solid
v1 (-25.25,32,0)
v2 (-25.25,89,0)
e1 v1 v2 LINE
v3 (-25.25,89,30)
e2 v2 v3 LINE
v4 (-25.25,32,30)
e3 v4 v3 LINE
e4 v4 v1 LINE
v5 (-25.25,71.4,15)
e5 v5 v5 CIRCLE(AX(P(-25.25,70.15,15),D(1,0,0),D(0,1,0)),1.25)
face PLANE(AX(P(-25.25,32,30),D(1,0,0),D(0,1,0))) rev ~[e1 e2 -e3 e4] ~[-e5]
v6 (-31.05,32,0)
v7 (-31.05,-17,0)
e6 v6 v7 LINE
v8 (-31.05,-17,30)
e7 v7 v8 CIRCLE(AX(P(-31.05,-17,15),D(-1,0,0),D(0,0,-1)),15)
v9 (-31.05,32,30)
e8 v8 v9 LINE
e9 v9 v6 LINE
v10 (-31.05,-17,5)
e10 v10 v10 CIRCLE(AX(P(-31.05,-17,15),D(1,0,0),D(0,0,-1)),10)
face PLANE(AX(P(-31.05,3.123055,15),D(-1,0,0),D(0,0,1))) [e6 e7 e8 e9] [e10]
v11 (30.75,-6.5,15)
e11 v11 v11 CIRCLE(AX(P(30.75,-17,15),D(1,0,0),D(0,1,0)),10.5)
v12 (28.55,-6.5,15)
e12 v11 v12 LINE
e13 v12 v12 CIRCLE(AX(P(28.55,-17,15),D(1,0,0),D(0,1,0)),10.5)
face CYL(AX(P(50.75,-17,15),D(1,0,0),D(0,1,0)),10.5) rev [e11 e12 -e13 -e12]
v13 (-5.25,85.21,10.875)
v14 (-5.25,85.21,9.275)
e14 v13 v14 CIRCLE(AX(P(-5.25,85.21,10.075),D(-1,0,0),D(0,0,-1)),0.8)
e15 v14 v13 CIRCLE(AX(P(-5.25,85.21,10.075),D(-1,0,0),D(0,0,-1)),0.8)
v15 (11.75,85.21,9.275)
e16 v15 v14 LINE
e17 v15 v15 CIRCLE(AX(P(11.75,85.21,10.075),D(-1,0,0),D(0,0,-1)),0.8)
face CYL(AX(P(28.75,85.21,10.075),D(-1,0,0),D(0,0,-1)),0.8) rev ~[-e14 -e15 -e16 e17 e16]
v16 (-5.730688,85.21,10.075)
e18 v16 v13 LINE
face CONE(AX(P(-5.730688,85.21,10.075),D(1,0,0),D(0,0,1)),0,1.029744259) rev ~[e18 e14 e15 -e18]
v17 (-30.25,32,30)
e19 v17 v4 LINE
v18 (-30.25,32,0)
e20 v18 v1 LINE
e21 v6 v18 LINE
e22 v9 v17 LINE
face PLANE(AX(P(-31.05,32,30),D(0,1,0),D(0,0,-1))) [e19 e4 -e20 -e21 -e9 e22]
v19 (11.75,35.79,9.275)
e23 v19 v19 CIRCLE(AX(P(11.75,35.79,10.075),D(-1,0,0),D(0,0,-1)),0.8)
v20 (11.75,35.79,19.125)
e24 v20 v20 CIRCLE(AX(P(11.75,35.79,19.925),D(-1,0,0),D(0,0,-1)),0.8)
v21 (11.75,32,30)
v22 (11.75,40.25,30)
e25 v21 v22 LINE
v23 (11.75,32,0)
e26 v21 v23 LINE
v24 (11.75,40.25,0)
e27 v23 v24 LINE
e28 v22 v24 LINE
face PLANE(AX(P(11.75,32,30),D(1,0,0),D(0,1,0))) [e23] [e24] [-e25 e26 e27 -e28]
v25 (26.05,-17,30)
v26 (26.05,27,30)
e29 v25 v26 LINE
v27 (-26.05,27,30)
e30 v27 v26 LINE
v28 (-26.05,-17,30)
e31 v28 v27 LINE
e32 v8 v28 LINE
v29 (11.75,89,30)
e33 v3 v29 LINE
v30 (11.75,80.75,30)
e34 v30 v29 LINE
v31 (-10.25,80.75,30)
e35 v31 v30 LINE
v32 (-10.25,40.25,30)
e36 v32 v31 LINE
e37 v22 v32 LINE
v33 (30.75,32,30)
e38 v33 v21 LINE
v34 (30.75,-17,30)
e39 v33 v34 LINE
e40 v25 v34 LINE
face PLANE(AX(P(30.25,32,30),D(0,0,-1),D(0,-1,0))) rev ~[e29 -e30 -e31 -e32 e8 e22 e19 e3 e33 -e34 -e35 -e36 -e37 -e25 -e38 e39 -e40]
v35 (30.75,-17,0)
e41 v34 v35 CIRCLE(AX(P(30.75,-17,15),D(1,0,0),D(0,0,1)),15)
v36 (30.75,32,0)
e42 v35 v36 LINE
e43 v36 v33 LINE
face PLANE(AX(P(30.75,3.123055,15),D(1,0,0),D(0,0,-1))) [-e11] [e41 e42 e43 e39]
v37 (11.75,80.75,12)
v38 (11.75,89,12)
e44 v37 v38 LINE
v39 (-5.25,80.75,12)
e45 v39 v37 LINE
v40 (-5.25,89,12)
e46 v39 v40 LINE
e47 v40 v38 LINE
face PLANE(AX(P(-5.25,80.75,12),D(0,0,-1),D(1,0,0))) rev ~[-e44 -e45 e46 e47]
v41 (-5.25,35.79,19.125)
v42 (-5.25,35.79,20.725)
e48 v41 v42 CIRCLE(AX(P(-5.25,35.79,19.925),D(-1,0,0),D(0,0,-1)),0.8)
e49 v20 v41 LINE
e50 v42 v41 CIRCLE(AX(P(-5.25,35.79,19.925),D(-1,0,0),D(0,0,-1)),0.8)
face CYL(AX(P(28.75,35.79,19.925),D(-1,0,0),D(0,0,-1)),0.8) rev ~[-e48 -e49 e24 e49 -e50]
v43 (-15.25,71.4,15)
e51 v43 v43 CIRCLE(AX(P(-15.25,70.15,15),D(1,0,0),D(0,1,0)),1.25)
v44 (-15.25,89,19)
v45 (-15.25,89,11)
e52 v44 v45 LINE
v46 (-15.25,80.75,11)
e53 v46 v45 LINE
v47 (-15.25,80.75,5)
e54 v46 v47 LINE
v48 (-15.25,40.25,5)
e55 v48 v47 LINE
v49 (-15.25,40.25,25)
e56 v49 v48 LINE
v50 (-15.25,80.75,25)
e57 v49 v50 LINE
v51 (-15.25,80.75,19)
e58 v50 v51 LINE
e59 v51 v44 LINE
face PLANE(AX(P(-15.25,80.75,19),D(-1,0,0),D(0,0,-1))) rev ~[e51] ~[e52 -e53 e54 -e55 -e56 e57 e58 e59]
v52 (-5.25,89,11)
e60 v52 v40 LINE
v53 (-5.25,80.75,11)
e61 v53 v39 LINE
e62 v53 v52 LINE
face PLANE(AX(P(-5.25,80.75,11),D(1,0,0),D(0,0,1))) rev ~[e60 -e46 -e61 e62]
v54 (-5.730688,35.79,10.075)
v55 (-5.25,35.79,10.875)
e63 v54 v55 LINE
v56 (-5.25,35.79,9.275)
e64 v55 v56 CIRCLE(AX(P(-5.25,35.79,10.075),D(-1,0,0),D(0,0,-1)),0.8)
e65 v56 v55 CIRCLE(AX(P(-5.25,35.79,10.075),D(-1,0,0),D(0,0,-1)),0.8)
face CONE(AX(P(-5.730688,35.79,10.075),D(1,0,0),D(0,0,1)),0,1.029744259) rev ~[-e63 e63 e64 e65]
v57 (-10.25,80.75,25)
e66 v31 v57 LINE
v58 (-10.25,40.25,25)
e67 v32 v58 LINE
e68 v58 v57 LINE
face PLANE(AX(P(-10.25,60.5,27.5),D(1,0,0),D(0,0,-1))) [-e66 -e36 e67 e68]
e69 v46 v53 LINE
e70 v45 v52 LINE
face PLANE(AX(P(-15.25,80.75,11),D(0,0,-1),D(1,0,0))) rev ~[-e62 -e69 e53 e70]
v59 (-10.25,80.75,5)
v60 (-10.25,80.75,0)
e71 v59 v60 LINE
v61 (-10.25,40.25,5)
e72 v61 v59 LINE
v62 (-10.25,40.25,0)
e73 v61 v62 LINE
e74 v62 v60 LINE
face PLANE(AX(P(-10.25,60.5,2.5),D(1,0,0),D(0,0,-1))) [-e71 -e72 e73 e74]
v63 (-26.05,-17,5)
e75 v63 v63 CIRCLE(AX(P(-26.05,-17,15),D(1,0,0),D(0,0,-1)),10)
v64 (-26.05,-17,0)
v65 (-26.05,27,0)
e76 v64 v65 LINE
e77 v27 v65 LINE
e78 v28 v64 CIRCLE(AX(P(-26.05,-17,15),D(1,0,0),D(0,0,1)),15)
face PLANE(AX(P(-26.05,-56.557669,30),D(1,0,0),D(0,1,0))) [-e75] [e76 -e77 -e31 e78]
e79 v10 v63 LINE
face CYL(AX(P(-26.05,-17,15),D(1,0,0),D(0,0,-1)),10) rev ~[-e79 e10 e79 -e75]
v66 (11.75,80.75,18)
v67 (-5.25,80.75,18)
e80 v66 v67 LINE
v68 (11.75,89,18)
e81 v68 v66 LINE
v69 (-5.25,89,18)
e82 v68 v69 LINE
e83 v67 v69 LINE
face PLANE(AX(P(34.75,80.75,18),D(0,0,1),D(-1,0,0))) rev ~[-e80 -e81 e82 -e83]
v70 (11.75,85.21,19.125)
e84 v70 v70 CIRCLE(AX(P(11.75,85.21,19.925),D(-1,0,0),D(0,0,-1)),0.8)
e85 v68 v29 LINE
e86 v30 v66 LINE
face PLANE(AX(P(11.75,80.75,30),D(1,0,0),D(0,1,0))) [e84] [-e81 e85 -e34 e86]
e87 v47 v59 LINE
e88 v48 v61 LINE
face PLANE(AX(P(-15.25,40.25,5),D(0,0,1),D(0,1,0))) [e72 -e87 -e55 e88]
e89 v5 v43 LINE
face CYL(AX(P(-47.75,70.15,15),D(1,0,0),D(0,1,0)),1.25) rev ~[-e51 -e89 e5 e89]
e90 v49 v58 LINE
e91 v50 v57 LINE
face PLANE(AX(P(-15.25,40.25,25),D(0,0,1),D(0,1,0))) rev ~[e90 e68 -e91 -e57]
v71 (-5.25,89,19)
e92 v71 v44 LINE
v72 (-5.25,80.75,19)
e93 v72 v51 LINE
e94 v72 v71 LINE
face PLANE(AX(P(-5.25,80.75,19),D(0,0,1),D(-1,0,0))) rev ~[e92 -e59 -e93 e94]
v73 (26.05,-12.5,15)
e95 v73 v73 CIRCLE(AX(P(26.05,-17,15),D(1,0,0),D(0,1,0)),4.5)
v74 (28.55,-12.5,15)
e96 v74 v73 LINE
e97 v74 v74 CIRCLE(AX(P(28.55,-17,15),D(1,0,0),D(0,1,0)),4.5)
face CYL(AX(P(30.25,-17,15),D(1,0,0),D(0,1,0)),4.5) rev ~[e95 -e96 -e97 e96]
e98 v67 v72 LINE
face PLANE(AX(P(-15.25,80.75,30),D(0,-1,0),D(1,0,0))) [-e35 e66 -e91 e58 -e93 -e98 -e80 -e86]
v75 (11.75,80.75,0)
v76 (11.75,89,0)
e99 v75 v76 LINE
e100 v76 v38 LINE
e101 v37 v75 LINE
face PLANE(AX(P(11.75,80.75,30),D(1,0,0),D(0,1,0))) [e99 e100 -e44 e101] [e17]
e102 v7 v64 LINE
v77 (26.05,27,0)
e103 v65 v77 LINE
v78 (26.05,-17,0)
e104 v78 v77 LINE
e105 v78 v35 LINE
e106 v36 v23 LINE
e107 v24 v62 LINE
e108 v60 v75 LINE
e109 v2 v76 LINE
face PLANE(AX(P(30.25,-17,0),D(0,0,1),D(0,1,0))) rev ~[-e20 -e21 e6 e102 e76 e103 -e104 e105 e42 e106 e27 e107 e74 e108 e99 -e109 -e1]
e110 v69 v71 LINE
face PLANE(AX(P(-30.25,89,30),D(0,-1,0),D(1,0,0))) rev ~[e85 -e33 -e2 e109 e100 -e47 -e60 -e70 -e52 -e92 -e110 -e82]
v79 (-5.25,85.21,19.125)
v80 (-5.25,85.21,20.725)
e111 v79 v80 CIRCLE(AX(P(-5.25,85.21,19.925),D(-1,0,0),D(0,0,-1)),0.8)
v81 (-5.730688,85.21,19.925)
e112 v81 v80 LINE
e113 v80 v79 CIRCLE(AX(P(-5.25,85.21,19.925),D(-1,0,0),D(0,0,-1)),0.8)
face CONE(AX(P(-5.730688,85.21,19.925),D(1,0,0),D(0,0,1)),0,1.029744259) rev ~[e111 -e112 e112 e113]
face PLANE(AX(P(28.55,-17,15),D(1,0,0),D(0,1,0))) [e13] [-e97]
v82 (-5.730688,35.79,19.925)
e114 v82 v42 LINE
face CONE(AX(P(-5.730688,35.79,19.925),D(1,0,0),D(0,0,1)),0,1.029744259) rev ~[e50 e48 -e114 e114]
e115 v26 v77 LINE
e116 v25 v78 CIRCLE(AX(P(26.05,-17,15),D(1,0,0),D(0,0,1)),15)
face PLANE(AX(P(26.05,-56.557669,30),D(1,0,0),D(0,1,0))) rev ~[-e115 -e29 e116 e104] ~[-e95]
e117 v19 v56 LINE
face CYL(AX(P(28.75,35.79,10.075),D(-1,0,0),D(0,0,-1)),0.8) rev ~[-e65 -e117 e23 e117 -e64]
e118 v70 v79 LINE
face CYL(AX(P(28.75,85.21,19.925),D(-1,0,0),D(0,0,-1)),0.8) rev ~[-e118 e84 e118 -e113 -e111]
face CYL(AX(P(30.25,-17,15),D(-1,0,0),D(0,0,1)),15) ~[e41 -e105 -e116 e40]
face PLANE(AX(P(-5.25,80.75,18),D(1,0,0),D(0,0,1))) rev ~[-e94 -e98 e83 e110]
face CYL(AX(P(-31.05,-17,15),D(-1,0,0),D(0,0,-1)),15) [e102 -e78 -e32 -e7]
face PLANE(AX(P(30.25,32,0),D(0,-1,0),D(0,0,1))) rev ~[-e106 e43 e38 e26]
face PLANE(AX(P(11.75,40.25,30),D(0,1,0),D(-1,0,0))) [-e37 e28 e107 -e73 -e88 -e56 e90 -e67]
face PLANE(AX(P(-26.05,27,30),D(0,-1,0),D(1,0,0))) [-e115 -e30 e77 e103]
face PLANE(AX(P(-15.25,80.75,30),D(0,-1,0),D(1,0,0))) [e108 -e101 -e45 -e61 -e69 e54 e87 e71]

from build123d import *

# Parameters (mm, degrees)
ESQUISSE1_W               = 60.5
ESQUISSE1_H               = 64
BOSS_EXTRU_1_DEPTH        = 30
ESQUISSE2_R               = 4.5
ENL_V_MAT_EXTRU_1_DEPTH   = 32
ENL_V_MAT_EXTRU_2_REACH   = 55.283
ESQUISSE4_W               = 52.1
ESQUISSE4_H               = 83.557669167
ESQUISSE5_R               = 10.5
ENL_V_MAT_EXTRU_3_DEPTH   = 1.7
ESQUISSE6_R               = 10
ENL_V_MAT_EXTRU_4_DEPTH   = 4.2
ESQUISSE7_W               = 47
ESQUISSE7_H               = 57
BOSS_EXTRU_2_DEPTH        = 30
ENL_V_MAT_EXTRU_5_DEPTH   = 30
ENL_V_MAT_EXTRU_6_DEPTH   = 8.25
ESQUISSE11_W              = 5
ESQUISSE11_H              = 40.5
BOSS_EXTRU_3_DEPTH        = 5
ESQUISSE12_R              = 0.5
ENL_V_MAT_EXTRU_7_DEPTH   = 15
TROU_TARAUD_M2X0_42_D     = 1.6
TROU_TARAUD_M2X0_42_DEPTH = 17
TROU_TARAUD_M2X0_42_TIP   = 0.480688495
ENL_V_MAT_EXTRU_8_REACH   = 113.72
TROU_TARAUD_M3X0_54_D     = 2.5
TROU_TARAUD_M3X0_54_DEPTH = 17.5
TROU_TARAUD_M3X0_54_TIP   = 0.751075774
ENL_V_MAT_EXTRU_9_REACH   = 100.671
ESQUISSE26_W              = 5
ESQUISSE26_H              = 64.513244551
BOSS_EXTRU_5_START        = 0.8
BOSS_EXTRU_5_DEPTH        = 0.8
BOSS_EXTRU_6_DEPTH        = 0.5
ESQUISSE30_R              = 10
ENL_V_MAT_EXTRU_10_DEPTH  = 20.5
ENL_V_START               = -20.5
ESQUISSE32_R              = 10.5
ENL_V_MAT_EXTRU_13_DEPTH  = 20.5


with BuildPart() as part:
    # Esquisse1 → Boss.-Extru.1 (new body)
    with BuildSketch(Plane.XY):
        Rectangle(ESQUISSE1_W, ESQUISSE1_H)
    extrude(amount=BOSS_EXTRU_1_DEPTH)

    # Esquisse2 → Enlèv. mat.-Extru.1 (cut)
    with BuildSketch(Plane(origin=(30.25, 0, 0), x_dir=(0, 0, -1), z_dir=(1, 0, 0))):
        with Locations(Location((-15, -17, 0), (0, 0, 90))):
            Circle(ESQUISSE2_R)
    extrude(amount=-ENL_V_MAT_EXTRU_1_DEPTH, mode=Mode.SUBTRACT)

    # Enlèv. mat.-Extru.2: up to this face of the body (flat: up to its plane)
    enl_v_mat_extru_2_end = Plane(part.part.faces().sort_by_distance((0, 0, 0))[0])
    # Esquisse4 → Enlèv. mat.-Extru.2 (cut, up to the picked face)
    with BuildSketch(Plane.XY.offset(30), mode=Mode.PRIVATE) as enl_v_mat_extru_2_sk1:
        with Locations((0, -14.778834584)):
            Rectangle(ESQUISSE4_W, ESQUISSE4_H)
    enl_v_mat_extru_2_tool1 = split(extrude(enl_v_mat_extru_2_sk1.sketch, amount=-ENL_V_MAT_EXTRU_2_REACH, mode=Mode.PRIVATE), bisect_by=enl_v_mat_extru_2_end, keep=Keep.BOTH, mode=Mode.PRIVATE)
    add(enl_v_mat_extru_2_tool1.solids().sort_by(Axis((0, -14.778835, 30), (0, 0, -1)))[0], mode=Mode.SUBTRACT)

    # Esquisse5 → Enlèv. mat.-Extru.3 (cut)
    with BuildSketch(Plane(origin=(30.25, 0, 0), x_dir=(0, 0, -1), z_dir=(1, 0, 0))):
        with Locations(Location((-15, -17, 0), (0, 0, 90))):
            Circle(ESQUISSE5_R)
    extrude(amount=-ENL_V_MAT_EXTRU_3_DEPTH, mode=Mode.SUBTRACT)

    # Esquisse6 → Enlèv. mat.-Extru.4 (cut)
    with BuildSketch(Plane(origin=(-26.05, 0, 0), x_dir=(0, 0, -1), z_dir=(1, 0, 0))):
        with Locations((-15, -17)):
            Circle(ESQUISSE6_R)
    extrude(amount=-ENL_V_MAT_EXTRU_4_DEPTH, mode=Mode.SUBTRACT)

    # Esquisse7 → Boss.-Extru.2 (add)
    with BuildSketch(Plane.XY.offset(30)):
        with Locations((-6.75, 60.5)):
            Rectangle(ESQUISSE7_W, ESQUISSE7_H)
    extrude(amount=-BOSS_EXTRU_2_DEPTH)

    # Esquisse8 → Enlèv. mat.-Extru.5 (cut)
    with BuildSketch(Plane.XY.offset(30)):
        Polygon((-15.25, 80.75), (11.75, 80.75), (11.75, 98.556441221), (21.75, 98.556441221), (21.75, 32), (11.75, 32), (11.75, 40.25), (-15.25, 40.25), align=None)
    extrude(amount=-ENL_V_MAT_EXTRU_5_DEPTH, mode=Mode.SUBTRACT)

    # Esquisse10 → Enlèv. mat.-Extru.6 (cut)
    with BuildSketch(Plane.XZ.offset(-80.75)):
        Polygon((-5.25, 11), (-5.25, 12), (34.75, 12), (34.75, 18), (-5.25, 18), (-5.25, 19), (-15.25, 19), (-15.25, 11), align=None)
    extrude(amount=-ENL_V_MAT_EXTRU_6_DEPTH, mode=Mode.SUBTRACT)

    # Esquisse11 → Boss.-Extru.3 (add)
    with BuildSketch(Plane(origin=(-15.25, 0, 0), x_dir=(0, 0, -1), z_dir=(1, 0, 0))):
        with Locations((-27.5, 60.5)):
            Rectangle(ESQUISSE11_W, ESQUISSE11_H)
        with Locations((-2.5, 60.5)):
            Rectangle(ESQUISSE11_W, ESQUISSE11_H)
    extrude(amount=BOSS_EXTRU_3_DEPTH)

    # Esquisse12 → Enlèv. mat.-Extru.7 (cut)
    with BuildSketch(Plane(origin=(11.75, 0, 0), x_dir=(0, 0, -1), z_dir=(1, 0, 0))):
        with Locations((-19.925, 85.21)):
            Circle(ESQUISSE12_R)
        with Locations(Location((-10.075, 85.21, 0), (0, 0, 180))):
            Circle(ESQUISSE12_R)
        with Locations((-10.075, 35.79)):
            Circle(ESQUISSE12_R)
        with Locations(Location((-19.925, 35.79, 0), (0, 0, 180))):
            Circle(ESQUISSE12_R)
    extrude(amount=-ENL_V_MAT_EXTRU_7_DEPTH, mode=Mode.SUBTRACT)

    # Trou taraudé M2x0.42
    with Locations(Plane(origin=(11.75, 85.21, 19.925), x_dir=(0, 0, 1), z_dir=(1, 0, 0))):
        with Locations((0, 0), (-9.85, 0), (-9.85, 49.42), (0, 49.42)):
            Hole(TROU_TARAUD_M2X0_42_D / 2, depth=TROU_TARAUD_M2X0_42_DEPTH)
            with Locations((0, 0, -(TROU_TARAUD_M2X0_42_DEPTH + TROU_TARAUD_M2X0_42_TIP / 2))):  # 118° drill point
                Cone(0, TROU_TARAUD_M2X0_42_D / 2, TROU_TARAUD_M2X0_42_TIP, mode=Mode.SUBTRACT)

    # Enlèv. mat.-Extru.8: up to this face of the body (flat: up to its plane)
    enl_v_mat_extru_8_end = Plane(part.part.faces().sort_by_distance((30.25, 3.741727612, 15))[0])
    # Esquisse15 → Enlèv. mat.-Extru.8 (cut, up to the picked face)
    with BuildSketch(Plane.ZY.offset(30.25), mode=Mode.PRIVATE) as enl_v_mat_extru_8_sk1:
        with BuildLine():
            Line((40, -17), (30, -17))
            ThreePointArc((30, -17), (15, -32), (0, -17))
            Line((0, -17), (-10, -17))
            ThreePointArc((-10, -17), (15, -42), (40, -17))
        make_face()
    enl_v_mat_extru_8_tool1 = split(extrude(enl_v_mat_extru_8_sk1.sketch, amount=-ENL_V_MAT_EXTRU_8_REACH, mode=Mode.PRIVATE), bisect_by=enl_v_mat_extru_8_end, keep=Keep.BOTH, mode=Mode.PRIVATE)
    add(enl_v_mat_extru_8_tool1.solids().sort_by(Axis((-30.25, -17.559017, -5), (1, 0, 0)))[0], mode=Mode.SUBTRACT)

    # Trou taraudé M3x0.54
    with Locations(Plane(origin=(-30.25, 70.15, 15), x_dir=(0, -1, 0), z_dir=(-1, 0, 0))):
        with Locations((0, 0)):
            Hole(TROU_TARAUD_M3X0_54_D / 2, depth=TROU_TARAUD_M3X0_54_DEPTH)
            with Locations((0, 0, -(TROU_TARAUD_M3X0_54_DEPTH + TROU_TARAUD_M3X0_54_TIP / 2))):  # 118° drill point
                Cone(0, TROU_TARAUD_M3X0_54_D / 2, TROU_TARAUD_M3X0_54_TIP, mode=Mode.SUBTRACT)

    # Enlèv. mat.-Extru.9: up to this face of the body (flat: up to its plane)
    enl_v_mat_extru_9_end = Plane(part.part.faces().sort_by_distance((-10.488138476, 46.757965151, 0))[0])
    # Esquisse26 → Enlèv. mat.-Extru.9 (cut, up to the picked face)
    with BuildSketch(Plane.XY.offset(30), mode=Mode.PRIVATE) as enl_v_mat_extru_9_sk1:
        with Locations((-27.75, 64.256622276)):
            Rectangle(ESQUISSE26_W, ESQUISSE26_H)
    enl_v_mat_extru_9_tool1 = split(extrude(enl_v_mat_extru_9_sk1.sketch, amount=-ENL_V_MAT_EXTRU_9_REACH, mode=Mode.PRIVATE), bisect_by=enl_v_mat_extru_9_end, keep=Keep.BOTH, mode=Mode.PRIVATE)
    add(enl_v_mat_extru_9_tool1.solids().sort_by(Axis((-27.75, 64.256622, 30), (0, 0, -1)))[0], mode=Mode.SUBTRACT)

    # Esquisse27 → Boss.-Extru.5 (add)
    with BuildSketch(Plane.ZY.offset(30.25).offset(BOSS_EXTRU_5_START)):
        with BuildLine():
            Line((30, -17), (30, 32))
            Line((30, 32), (0, 32))
            Line((0, 32), (0, -17))
            ThreePointArc((0, -17), (15, -32), (30, -17))
        make_face()
    extrude(amount=-BOSS_EXTRU_5_DEPTH)

    # Esquisse28 → Boss.-Extru.6 (add)
    with BuildSketch(Plane(origin=(30.25, 0, 0), x_dir=(0, 0, -1), z_dir=(1, 0, 0))):
        with BuildLine():
            Line((-30, 32), (-30, -17))
            ThreePointArc((-30, -17), (-15, -32), (0, -17))
            Line((0, -17), (0, 32))
            Line((0, 32), (-30, 32))
        make_face()
    extrude(amount=BOSS_EXTRU_6_DEPTH)

    # Esquisse30 → Enlèv. mat.-Extru.10 (cut)
    with BuildSketch(Plane(origin=(-30.25, 0, 0), x_dir=(0, 0, -1), z_dir=(1, 0, 0))):
        with Locations((-15, -17)):
            Circle(ESQUISSE30_R)
    extrude(amount=-ENL_V_MAT_EXTRU_10_DEPTH, mode=Mode.SUBTRACT)

    # Esquisse32 → Enlèv. mat.-Extru.13 (cut)
    with BuildSketch(Plane.ZY.offset(-30.25).offset(ENL_V_START)):
        with Locations(Location((15, -17, 0), (0, 0, 90))):
            Circle(ESQUISSE32_R)
    extrude(amount=ENL_V_MAT_EXTRU_13_DEPTH, mode=Mode.SUBTRACT)


solid = part.part
